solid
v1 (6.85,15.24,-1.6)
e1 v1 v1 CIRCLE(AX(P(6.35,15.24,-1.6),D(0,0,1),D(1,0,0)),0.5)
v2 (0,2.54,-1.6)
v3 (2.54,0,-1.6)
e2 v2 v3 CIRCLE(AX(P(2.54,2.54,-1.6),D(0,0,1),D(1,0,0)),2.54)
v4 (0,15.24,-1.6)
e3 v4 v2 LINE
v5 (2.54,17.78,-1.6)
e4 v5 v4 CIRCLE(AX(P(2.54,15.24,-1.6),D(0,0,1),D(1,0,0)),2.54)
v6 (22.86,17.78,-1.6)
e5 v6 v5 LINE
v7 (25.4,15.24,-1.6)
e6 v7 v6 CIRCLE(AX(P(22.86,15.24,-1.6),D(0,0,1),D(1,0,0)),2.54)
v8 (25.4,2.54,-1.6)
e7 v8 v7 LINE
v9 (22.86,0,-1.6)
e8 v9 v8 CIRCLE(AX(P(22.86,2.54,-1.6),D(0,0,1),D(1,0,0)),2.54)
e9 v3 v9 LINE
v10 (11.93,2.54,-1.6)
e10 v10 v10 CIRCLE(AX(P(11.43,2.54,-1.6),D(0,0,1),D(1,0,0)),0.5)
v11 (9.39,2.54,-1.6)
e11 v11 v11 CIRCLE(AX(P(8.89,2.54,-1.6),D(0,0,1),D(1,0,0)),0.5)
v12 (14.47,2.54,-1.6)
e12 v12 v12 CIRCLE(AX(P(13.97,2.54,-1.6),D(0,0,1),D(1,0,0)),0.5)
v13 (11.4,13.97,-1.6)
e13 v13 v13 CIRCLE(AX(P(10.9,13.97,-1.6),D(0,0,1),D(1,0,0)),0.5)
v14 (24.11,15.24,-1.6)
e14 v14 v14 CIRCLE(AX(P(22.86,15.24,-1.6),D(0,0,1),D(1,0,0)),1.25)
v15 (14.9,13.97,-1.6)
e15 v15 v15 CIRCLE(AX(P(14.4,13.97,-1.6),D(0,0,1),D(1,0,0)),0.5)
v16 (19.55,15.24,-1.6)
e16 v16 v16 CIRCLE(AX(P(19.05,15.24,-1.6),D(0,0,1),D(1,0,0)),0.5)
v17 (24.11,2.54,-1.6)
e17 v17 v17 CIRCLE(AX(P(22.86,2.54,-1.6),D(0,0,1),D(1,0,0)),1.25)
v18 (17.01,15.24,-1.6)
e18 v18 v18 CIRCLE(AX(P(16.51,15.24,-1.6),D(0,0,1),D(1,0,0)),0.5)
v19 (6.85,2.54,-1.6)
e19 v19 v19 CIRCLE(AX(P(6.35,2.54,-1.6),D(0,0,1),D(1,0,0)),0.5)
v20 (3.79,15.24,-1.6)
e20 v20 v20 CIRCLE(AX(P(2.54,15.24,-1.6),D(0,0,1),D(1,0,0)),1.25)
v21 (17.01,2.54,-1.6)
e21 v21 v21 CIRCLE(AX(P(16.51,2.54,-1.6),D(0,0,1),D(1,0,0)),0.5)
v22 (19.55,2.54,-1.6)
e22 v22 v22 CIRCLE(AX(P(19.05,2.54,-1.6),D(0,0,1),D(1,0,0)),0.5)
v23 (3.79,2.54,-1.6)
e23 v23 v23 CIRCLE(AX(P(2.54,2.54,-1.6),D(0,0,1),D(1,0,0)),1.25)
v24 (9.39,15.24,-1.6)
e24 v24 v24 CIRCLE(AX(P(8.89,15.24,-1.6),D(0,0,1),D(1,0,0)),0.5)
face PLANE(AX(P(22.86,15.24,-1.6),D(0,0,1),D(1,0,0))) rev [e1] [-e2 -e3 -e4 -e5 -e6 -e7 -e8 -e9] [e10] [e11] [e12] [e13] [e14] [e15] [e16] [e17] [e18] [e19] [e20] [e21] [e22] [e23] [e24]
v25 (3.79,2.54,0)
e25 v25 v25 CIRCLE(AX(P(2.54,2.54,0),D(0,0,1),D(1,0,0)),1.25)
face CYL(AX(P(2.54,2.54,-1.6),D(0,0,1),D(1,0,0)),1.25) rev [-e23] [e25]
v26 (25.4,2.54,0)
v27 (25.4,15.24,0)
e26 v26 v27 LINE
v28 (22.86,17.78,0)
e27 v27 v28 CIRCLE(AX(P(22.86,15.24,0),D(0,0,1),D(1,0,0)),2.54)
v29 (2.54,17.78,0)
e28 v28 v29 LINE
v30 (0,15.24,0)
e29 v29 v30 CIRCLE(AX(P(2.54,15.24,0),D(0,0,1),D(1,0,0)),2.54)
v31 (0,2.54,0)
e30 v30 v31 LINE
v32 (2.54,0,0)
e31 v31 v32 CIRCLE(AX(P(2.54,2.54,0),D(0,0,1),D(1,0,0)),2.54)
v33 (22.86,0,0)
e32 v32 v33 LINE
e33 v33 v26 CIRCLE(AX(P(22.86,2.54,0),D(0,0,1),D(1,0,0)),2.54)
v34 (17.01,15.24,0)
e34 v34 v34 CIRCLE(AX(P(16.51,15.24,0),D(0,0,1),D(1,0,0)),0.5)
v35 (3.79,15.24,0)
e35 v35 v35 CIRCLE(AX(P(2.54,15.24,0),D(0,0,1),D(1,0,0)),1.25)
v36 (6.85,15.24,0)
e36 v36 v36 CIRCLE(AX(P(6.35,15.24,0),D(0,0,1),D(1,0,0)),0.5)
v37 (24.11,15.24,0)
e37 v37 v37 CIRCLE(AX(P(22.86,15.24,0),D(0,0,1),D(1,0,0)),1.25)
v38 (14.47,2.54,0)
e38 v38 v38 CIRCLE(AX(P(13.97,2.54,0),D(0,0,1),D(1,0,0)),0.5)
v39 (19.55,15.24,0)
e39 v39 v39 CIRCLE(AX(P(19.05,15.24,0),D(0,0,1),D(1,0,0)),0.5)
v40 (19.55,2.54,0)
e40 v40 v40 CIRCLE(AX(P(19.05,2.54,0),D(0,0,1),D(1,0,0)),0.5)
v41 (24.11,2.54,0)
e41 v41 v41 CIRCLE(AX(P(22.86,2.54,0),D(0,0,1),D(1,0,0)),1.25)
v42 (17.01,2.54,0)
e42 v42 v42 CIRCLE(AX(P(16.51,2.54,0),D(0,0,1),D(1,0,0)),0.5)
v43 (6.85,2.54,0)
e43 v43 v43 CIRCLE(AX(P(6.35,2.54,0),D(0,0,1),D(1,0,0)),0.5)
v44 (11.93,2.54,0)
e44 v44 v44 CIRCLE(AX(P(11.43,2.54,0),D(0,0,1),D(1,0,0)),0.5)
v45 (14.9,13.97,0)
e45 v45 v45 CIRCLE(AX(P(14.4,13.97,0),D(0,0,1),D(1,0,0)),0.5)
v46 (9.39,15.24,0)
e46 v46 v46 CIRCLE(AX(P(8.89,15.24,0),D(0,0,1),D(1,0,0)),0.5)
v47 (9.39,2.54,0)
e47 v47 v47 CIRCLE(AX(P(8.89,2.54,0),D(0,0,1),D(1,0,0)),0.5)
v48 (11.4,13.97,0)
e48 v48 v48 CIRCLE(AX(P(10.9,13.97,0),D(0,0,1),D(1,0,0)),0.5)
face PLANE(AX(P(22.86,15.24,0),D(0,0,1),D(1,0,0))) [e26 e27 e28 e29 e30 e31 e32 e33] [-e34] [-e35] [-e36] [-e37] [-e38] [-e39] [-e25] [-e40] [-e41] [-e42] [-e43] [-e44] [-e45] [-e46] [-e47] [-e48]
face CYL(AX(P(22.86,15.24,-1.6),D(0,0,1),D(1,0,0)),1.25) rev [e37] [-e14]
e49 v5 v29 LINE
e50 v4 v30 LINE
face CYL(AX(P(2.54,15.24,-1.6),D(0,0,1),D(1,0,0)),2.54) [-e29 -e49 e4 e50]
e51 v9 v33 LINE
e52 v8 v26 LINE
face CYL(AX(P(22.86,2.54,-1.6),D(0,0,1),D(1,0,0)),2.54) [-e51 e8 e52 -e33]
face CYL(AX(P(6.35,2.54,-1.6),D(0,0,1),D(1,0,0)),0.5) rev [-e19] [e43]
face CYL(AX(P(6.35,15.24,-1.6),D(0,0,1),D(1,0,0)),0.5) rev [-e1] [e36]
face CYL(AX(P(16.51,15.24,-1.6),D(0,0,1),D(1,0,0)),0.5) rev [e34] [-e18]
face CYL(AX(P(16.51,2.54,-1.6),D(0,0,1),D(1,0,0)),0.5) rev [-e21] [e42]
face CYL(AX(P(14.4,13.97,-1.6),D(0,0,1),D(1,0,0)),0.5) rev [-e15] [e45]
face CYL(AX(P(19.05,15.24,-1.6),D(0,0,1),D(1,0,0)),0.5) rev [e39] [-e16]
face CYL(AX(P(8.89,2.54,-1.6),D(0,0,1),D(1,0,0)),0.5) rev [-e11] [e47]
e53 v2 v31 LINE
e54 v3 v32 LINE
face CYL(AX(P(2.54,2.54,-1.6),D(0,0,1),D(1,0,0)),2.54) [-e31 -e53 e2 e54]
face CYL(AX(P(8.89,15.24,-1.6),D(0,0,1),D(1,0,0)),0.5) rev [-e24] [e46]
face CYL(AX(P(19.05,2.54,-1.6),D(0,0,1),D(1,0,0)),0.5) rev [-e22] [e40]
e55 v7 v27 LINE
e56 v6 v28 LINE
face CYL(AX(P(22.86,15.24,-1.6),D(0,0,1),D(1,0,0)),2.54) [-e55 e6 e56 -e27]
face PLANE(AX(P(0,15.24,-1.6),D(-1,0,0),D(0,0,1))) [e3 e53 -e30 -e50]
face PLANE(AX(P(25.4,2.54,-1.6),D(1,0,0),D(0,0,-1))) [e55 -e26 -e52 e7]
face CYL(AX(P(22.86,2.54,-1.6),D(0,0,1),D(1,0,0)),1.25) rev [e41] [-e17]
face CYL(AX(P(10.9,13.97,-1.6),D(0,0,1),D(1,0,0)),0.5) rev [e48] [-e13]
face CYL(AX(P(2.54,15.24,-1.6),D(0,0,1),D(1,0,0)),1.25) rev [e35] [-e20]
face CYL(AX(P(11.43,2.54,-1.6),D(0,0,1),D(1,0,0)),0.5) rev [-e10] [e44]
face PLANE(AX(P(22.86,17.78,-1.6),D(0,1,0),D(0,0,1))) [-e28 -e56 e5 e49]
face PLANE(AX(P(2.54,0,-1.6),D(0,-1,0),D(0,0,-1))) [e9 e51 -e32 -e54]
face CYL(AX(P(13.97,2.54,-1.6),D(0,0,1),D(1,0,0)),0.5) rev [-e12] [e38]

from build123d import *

# Parameters (mm, degrees)
MODEL_R             = 0.5
MODEL_R_2           = 1.25
BOSS_EXTRUDE1_DEPTH = 1.6


with BuildPart() as part:
    # Model → Boss-Extrude1 (new body)
    with BuildSketch(Plane.XY):
        with BuildLine():
            Line((0, 15.24), (0, 2.54))
            ThreePointArc((0, 2.54), (0.743948776, 0.743948776), (2.54, 0))
            Line((2.54, 0), (22.86, 0))
            ThreePointArc((22.86, 0), (24.656051224, 0.743948776), (25.4, 2.54))
            Line((25.4, 2.54), (25.4, 15.24))
            ThreePointArc((25.4, 15.24), (24.656051224, 17.036051224), (22.86, 17.78))
            Line((22.86, 17.78), (2.54, 17.78))
            ThreePointArc((2.54, 17.78), (0.743948776, 17.036051224), (0, 15.24))
        make_face()
        with Locations((6.35, 2.54)):
            Circle(MODEL_R, mode=Mode.SUBTRACT)
        with Locations((8.89, 2.54)):
            Circle(MODEL_R, mode=Mode.SUBTRACT)
        with Locations((11.43, 2.54)):
            Circle(MODEL_R, mode=Mode.SUBTRACT)
        with Locations((13.97, 2.54)):
            Circle(MODEL_R, mode=Mode.SUBTRACT)
        with Locations((16.51, 2.54)):
            Circle(MODEL_R, mode=Mode.SUBTRACT)
        with Locations((19.05, 2.54)):
            Circle(MODEL_R, mode=Mode.SUBTRACT)
        with Locations((16.51, 15.24)):
            Circle(MODEL_R, mode=Mode.SUBTRACT)
        with Locations((19.05, 15.24)):
            Circle(MODEL_R, mode=Mode.SUBTRACT)
        with Locations((6.35, 15.24)):
            Circle(MODEL_R, mode=Mode.SUBTRACT)
        with Locations((8.89, 15.24)):
            Circle(MODEL_R, mode=Mode.SUBTRACT)
        with Locations((2.54, 15.24)):
            Circle(MODEL_R_2, mode=Mode.SUBTRACT)
        with Locations((22.86, 15.24)):
            Circle(MODEL_R_2, mode=Mode.SUBTRACT)
        with Locations((2.54, 2.54)):
            Circle(MODEL_R_2, mode=Mode.SUBTRACT)
        with Locations((22.86, 2.54)):
            Circle(MODEL_R_2, mode=Mode.SUBTRACT)
        with Locations((10.9, 13.97)):
            Circle(MODEL_R, mode=Mode.SUBTRACT)
        with Locations((14.4, 13.97)):
            Circle(MODEL_R, mode=Mode.SUBTRACT)
    extrude(amount=-BOSS_EXTRUDE1_DEPTH)


solid = part.part
